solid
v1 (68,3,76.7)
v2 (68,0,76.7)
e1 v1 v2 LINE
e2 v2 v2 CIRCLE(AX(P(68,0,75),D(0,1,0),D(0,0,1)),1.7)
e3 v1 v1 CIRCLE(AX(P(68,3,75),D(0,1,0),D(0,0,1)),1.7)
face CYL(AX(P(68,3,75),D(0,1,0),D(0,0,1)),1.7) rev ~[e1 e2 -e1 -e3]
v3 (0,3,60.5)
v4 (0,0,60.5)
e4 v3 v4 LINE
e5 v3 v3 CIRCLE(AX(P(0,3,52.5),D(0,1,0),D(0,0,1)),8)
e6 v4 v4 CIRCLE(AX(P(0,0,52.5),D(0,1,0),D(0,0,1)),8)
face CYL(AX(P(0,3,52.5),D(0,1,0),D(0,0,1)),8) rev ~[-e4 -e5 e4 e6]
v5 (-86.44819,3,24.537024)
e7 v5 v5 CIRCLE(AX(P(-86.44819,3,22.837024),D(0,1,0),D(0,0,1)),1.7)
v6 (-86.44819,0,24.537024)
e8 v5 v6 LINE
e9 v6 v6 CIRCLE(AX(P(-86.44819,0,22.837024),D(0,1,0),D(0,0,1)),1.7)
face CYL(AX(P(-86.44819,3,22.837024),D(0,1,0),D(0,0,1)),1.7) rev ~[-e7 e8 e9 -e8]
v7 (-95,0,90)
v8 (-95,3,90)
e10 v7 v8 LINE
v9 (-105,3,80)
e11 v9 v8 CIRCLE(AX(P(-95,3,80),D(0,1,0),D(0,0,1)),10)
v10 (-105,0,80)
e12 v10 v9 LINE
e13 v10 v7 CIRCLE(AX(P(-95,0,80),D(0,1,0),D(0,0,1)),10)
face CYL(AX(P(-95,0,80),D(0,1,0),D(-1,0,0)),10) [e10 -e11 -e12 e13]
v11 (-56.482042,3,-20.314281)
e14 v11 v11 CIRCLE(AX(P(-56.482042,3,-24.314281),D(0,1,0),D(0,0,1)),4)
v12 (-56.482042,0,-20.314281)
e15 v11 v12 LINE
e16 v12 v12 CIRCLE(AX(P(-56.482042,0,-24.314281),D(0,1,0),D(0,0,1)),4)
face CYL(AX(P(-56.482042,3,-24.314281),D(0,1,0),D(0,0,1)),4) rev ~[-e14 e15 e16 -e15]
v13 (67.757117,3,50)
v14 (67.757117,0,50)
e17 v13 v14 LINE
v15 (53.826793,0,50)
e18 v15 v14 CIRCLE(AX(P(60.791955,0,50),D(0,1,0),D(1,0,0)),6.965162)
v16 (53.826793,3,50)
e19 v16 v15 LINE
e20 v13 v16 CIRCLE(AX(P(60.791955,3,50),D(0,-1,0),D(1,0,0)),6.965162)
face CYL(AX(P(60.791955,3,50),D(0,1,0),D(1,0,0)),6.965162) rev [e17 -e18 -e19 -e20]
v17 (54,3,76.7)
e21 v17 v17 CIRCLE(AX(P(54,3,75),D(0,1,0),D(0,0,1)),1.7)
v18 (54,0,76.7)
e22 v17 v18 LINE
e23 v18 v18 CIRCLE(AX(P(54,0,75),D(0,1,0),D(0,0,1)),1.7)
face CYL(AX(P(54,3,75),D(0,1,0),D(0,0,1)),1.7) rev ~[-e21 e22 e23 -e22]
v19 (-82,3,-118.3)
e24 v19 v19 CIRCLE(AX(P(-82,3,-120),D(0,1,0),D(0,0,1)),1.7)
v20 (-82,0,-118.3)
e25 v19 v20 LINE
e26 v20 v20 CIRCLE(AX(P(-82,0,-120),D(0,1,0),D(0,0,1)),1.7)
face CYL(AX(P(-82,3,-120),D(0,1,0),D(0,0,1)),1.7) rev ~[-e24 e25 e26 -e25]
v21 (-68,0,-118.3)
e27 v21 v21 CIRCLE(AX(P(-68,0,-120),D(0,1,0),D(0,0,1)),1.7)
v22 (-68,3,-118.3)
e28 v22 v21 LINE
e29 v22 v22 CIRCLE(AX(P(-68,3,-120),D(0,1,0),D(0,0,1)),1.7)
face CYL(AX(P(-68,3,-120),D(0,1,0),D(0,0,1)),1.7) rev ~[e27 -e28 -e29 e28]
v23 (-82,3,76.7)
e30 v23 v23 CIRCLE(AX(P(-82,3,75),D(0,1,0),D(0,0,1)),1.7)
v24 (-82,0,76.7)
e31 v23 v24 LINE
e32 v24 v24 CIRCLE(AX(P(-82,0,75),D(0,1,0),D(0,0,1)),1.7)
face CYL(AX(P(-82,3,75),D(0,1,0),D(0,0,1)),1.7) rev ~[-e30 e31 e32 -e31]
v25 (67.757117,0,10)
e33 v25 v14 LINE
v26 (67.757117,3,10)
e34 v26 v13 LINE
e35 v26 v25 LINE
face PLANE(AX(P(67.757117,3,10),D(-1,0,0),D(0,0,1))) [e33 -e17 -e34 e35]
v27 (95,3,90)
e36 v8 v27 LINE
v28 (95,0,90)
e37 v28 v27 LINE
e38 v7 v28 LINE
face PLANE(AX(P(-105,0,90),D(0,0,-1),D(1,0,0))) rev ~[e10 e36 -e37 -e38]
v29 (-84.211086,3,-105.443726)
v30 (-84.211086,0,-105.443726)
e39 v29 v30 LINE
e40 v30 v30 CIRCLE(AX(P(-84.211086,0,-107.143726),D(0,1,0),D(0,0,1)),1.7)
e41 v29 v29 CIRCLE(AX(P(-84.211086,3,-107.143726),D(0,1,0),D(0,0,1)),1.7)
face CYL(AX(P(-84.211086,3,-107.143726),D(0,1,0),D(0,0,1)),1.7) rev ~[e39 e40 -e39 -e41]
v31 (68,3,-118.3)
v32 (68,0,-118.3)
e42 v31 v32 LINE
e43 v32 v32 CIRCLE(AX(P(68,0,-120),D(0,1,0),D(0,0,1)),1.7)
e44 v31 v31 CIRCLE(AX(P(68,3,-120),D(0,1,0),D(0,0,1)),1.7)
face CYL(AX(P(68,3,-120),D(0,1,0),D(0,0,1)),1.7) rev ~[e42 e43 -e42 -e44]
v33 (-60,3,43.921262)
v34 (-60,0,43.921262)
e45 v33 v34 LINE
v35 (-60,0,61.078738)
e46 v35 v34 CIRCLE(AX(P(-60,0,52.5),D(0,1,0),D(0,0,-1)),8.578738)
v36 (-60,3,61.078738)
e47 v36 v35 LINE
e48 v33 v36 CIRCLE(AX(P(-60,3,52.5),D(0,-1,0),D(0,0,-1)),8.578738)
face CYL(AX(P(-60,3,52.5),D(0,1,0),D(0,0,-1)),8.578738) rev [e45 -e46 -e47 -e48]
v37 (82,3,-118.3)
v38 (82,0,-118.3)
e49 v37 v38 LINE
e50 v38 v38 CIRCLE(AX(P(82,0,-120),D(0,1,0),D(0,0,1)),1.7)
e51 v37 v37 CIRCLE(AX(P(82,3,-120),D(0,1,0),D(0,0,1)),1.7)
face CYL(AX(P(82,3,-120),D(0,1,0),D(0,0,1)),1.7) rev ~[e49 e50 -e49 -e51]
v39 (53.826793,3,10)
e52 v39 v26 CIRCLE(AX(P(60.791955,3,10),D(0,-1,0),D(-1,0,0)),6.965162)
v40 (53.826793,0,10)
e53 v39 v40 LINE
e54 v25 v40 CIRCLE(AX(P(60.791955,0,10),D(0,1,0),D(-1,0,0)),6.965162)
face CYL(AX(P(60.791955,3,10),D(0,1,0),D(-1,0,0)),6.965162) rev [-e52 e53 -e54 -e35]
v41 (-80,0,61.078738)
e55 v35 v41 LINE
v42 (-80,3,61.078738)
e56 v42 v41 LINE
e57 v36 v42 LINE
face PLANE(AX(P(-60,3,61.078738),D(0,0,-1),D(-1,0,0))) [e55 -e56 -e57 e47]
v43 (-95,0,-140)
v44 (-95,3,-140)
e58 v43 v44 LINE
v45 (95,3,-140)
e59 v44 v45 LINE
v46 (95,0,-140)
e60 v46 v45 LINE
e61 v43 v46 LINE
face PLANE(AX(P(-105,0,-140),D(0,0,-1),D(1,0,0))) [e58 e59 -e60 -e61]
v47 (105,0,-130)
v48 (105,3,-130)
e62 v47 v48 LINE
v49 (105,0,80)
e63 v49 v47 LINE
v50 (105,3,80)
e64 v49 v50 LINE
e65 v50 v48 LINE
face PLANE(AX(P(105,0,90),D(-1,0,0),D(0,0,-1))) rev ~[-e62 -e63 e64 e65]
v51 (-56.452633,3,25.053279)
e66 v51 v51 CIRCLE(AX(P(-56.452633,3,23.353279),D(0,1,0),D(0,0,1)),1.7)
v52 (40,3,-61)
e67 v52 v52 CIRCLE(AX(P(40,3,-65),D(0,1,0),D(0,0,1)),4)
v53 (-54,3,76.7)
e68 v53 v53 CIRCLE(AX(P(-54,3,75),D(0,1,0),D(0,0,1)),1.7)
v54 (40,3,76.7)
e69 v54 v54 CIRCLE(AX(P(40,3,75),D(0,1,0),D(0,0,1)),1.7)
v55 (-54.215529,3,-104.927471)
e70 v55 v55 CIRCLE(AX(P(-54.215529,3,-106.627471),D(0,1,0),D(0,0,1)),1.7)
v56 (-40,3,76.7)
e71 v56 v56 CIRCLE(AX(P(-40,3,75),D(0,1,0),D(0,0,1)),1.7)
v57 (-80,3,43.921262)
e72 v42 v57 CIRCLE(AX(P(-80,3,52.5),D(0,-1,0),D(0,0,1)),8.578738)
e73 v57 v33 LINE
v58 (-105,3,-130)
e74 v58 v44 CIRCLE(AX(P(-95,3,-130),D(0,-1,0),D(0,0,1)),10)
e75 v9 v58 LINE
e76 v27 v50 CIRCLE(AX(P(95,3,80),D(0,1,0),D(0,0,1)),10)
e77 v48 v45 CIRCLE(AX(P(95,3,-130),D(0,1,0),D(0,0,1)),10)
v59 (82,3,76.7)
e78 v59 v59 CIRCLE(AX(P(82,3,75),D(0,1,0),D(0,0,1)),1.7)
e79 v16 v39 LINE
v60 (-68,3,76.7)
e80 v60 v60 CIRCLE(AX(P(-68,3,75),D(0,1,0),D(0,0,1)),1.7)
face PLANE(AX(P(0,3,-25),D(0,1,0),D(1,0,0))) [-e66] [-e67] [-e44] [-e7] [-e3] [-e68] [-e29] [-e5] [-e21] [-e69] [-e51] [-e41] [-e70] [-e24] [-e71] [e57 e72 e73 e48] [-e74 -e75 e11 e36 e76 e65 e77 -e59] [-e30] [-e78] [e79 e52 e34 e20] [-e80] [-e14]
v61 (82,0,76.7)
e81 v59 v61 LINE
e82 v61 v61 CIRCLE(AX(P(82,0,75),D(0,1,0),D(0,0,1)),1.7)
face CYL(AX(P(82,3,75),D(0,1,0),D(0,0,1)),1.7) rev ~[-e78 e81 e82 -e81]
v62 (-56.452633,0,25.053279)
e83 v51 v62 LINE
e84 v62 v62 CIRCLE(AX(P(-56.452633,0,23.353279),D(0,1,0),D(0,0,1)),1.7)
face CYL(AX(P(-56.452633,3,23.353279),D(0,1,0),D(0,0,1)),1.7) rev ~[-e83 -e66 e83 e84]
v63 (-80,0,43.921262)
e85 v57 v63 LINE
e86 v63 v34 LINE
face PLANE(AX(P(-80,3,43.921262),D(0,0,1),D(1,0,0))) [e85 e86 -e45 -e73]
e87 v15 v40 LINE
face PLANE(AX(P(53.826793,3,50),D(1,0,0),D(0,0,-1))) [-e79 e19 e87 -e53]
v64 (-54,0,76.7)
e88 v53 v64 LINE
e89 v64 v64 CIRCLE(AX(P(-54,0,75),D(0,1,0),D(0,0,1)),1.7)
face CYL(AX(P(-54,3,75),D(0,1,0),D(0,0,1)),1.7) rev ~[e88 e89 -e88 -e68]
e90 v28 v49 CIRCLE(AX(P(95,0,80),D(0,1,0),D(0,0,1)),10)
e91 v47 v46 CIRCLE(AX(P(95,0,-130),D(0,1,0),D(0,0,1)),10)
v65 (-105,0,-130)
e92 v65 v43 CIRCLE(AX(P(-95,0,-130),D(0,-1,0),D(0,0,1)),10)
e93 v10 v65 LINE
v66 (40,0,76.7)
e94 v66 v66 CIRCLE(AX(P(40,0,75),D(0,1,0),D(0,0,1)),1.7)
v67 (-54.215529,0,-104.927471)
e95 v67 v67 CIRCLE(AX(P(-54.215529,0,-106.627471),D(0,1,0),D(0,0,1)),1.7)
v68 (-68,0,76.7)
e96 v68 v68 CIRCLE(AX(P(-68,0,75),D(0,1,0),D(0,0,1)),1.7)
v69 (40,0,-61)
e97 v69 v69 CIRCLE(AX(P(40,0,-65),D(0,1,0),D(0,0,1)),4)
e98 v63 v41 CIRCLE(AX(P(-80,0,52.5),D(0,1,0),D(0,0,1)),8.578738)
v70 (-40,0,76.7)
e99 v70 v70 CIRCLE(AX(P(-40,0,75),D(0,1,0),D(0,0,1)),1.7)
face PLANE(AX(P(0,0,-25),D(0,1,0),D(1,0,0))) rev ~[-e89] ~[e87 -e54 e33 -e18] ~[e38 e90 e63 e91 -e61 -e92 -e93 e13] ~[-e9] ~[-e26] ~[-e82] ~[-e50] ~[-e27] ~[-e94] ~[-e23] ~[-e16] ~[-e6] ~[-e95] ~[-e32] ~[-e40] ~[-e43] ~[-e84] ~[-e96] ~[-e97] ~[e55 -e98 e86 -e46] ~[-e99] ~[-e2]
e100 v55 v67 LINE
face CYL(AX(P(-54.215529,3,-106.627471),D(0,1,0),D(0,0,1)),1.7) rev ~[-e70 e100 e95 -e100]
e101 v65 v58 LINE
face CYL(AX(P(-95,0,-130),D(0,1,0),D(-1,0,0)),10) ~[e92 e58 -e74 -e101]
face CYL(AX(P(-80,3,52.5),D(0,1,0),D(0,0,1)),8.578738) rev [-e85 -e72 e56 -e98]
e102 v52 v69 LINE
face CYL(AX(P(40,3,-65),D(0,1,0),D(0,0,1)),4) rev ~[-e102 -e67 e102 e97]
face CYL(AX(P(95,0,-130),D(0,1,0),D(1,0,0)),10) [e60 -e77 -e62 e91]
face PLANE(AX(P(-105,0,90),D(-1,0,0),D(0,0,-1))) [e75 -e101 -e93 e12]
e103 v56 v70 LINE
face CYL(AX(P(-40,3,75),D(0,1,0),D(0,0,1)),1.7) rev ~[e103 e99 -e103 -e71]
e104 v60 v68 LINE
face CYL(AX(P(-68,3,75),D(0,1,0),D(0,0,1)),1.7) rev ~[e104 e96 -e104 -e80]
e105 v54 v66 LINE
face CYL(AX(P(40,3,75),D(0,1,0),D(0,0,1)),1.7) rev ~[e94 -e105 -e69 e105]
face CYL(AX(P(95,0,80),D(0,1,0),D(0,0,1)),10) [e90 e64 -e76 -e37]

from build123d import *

# Parameters (mm, degrees)
SKETCH1_W           = 210
SKETCH1_H           = 230
BOSS_EXTRUDE1_DEPTH = 3
FILLET1_R           = 10
SKETCH2_R           = 1.7
CUT_EXTRUDE1_DEPTH  = 3
SKETCH3_R           = 4
CUT_EXTRUDE2_DEPTH  = 176.025712397
SKETCH4_R           = 8
CUT_EXTRUDE3_DEPTH  = 176.025712397
CUT_EXTRUDE4_DEPTH  = 176.025712397
SKETCH6_R           = 4
SKETCH6_R_2         = 1.7
CUT_EXTRUDE5_DEPTH  = 176.025712397


with BuildPart() as part:
    # Sketch1 → Boss-Extrude1 (new body)
    with BuildSketch(Plane(origin=(0, 0, 0), x_dir=(1, 0, 0), z_dir=(0, 1, 0))):
        with Locations((0, 25)):
            Rectangle(SKETCH1_W, SKETCH1_H)
    extrude(amount=BOSS_EXTRUDE1_DEPTH)

    # Fillet1
    fillet1_edges = [part.edges().sort_by_distance(p)[0] for p in [
        (105, 1.5, 90),
        (-105, 1.5, 90),
        (-105, 1.5, -140),
        (105, 1.5, -140),
    ]]
    fillet(fillet1_edges, radius=FILLET1_R)

    # Sketch2 → Cut-Extrude1 (cut)
    with BuildSketch(Plane(origin=(0, 3, 0), x_dir=(1, 0, 0), z_dir=(0, 1, 0))):
        with Locations(Location((-82, 120, 0), (0, 0, 270))):
            Circle(SKETCH2_R)
        with Locations(Location((-68, 120, 0), (0, 0, 270))):
            Circle(SKETCH2_R)
        with Locations(Location((68, 120, 0), (0, 0, 270))):
            Circle(SKETCH2_R)
        with Locations(Location((82, 120, 0), (0, 0, 270))):
            Circle(SKETCH2_R)
        with Locations(Location((-82, -75, 0), (0, 0, 270))):
            Circle(SKETCH2_R)
        with Locations(Location((-68, -75, 0), (0, 0, 270))):
            Circle(SKETCH2_R)
        with Locations(Location((68, -75, 0), (0, 0, 270))):
            Circle(SKETCH2_R)
        with Locations(Location((82, -75, 0), (0, 0, 270))):
            Circle(SKETCH2_R)
        with Locations(Location((-54, -75, 0), (0, 0, 270))):
            Circle(SKETCH2_R)
        with Locations(Location((54, -75, 0), (0, 0, 270))):
            Circle(SKETCH2_R)
        with Locations(Location((-40, -75, 0), (0, 0, 270))):
            Circle(SKETCH2_R)
        with Locations(Location((40, -75, 0), (0, 0, 270))):
            Circle(SKETCH2_R)
    extrude(amount=-CUT_EXTRUDE1_DEPTH, mode=Mode.SUBTRACT)

    # Sketch3 → Cut-Extrude2 (cut, through all)
    with BuildSketch(Plane(origin=(0, 3, 0), x_dir=(1, 0, 0), z_dir=(0, 1, 0))):
        with Locations(Location((40, 65, 0), (0, 0, 270))):
            Circle(SKETCH3_R)
    extrude(amount=-CUT_EXTRUDE2_DEPTH, mode=Mode.SUBTRACT)

    # Sketch4 → Cut-Extrude3 (cut, through all)
    with BuildSketch(Plane(origin=(0, 3, 0), x_dir=(1, 0, 0), z_dir=(0, 1, 0))):
        with Locations(Location((0, -52.5, 0), (0, 0, 270))):
            Circle(SKETCH4_R)
    extrude(amount=-CUT_EXTRUDE3_DEPTH, mode=Mode.SUBTRACT)

    # Sketch5 → Cut-Extrude4 (cut, through all)
    with BuildSketch(Plane(origin=(0, 3, 0), x_dir=(1, 0, 0), z_dir=(0, 1, 0))):
        with BuildLine():
            Line((67.757117203, -10), (67.757117203, -50))
            ThreePointArc((67.757117203, -50), (60.791955234, -56.965161969), (53.826793265, -50))
            Line((53.826793265, -50), (53.826793265, -10))
            ThreePointArc((53.826793265, -10), (60.791955234, -3.034838031), (67.757117203, -10))
        make_face()
        with BuildLine():
            Line((-80, -43.92126235), (-60, -43.92126235))
            ThreePointArc((-60, -43.92126235), (-51.42126235, -52.5), (-60, -61.07873765))
            Line((-60, -61.07873765), (-80, -61.07873765))
            ThreePointArc((-80, -61.07873765), (-88.57873765, -52.5), (-80, -43.92126235))
        make_face()
    extrude(amount=-CUT_EXTRUDE4_DEPTH, mode=Mode.SUBTRACT)

    # Sketch6 → Cut-Extrude5 (cut, through all)
    with BuildSketch(Plane(origin=(0, 3, 0), x_dir=(1, 0, 0), z_dir=(0, 1, 0))):
        with Locations(Location((-56.482041844, 24.314281351, 0), (0, 0, 270))):
            Circle(SKETCH6_R)
        with Locations(Location((-84.211086261, 107.143726059, 0), (0, 0, 270))):
            Circle(SKETCH6_R_2)
        with Locations(Location((-54.215528573, 106.627471285, 0), (0, 0, 270))):
            Circle(SKETCH6_R_2)
        with Locations(Location((-56.452632591, -23.353278696, 0), (0, 0, 270))):
            Circle(SKETCH6_R_2)
        with Locations(Location((-86.448190279, -22.837023922, 0), (0, 0, 270))):
            Circle(SKETCH6_R_2)
    extrude(amount=-CUT_EXTRUDE5_DEPTH, mode=Mode.SUBTRACT)


solid = part.part
